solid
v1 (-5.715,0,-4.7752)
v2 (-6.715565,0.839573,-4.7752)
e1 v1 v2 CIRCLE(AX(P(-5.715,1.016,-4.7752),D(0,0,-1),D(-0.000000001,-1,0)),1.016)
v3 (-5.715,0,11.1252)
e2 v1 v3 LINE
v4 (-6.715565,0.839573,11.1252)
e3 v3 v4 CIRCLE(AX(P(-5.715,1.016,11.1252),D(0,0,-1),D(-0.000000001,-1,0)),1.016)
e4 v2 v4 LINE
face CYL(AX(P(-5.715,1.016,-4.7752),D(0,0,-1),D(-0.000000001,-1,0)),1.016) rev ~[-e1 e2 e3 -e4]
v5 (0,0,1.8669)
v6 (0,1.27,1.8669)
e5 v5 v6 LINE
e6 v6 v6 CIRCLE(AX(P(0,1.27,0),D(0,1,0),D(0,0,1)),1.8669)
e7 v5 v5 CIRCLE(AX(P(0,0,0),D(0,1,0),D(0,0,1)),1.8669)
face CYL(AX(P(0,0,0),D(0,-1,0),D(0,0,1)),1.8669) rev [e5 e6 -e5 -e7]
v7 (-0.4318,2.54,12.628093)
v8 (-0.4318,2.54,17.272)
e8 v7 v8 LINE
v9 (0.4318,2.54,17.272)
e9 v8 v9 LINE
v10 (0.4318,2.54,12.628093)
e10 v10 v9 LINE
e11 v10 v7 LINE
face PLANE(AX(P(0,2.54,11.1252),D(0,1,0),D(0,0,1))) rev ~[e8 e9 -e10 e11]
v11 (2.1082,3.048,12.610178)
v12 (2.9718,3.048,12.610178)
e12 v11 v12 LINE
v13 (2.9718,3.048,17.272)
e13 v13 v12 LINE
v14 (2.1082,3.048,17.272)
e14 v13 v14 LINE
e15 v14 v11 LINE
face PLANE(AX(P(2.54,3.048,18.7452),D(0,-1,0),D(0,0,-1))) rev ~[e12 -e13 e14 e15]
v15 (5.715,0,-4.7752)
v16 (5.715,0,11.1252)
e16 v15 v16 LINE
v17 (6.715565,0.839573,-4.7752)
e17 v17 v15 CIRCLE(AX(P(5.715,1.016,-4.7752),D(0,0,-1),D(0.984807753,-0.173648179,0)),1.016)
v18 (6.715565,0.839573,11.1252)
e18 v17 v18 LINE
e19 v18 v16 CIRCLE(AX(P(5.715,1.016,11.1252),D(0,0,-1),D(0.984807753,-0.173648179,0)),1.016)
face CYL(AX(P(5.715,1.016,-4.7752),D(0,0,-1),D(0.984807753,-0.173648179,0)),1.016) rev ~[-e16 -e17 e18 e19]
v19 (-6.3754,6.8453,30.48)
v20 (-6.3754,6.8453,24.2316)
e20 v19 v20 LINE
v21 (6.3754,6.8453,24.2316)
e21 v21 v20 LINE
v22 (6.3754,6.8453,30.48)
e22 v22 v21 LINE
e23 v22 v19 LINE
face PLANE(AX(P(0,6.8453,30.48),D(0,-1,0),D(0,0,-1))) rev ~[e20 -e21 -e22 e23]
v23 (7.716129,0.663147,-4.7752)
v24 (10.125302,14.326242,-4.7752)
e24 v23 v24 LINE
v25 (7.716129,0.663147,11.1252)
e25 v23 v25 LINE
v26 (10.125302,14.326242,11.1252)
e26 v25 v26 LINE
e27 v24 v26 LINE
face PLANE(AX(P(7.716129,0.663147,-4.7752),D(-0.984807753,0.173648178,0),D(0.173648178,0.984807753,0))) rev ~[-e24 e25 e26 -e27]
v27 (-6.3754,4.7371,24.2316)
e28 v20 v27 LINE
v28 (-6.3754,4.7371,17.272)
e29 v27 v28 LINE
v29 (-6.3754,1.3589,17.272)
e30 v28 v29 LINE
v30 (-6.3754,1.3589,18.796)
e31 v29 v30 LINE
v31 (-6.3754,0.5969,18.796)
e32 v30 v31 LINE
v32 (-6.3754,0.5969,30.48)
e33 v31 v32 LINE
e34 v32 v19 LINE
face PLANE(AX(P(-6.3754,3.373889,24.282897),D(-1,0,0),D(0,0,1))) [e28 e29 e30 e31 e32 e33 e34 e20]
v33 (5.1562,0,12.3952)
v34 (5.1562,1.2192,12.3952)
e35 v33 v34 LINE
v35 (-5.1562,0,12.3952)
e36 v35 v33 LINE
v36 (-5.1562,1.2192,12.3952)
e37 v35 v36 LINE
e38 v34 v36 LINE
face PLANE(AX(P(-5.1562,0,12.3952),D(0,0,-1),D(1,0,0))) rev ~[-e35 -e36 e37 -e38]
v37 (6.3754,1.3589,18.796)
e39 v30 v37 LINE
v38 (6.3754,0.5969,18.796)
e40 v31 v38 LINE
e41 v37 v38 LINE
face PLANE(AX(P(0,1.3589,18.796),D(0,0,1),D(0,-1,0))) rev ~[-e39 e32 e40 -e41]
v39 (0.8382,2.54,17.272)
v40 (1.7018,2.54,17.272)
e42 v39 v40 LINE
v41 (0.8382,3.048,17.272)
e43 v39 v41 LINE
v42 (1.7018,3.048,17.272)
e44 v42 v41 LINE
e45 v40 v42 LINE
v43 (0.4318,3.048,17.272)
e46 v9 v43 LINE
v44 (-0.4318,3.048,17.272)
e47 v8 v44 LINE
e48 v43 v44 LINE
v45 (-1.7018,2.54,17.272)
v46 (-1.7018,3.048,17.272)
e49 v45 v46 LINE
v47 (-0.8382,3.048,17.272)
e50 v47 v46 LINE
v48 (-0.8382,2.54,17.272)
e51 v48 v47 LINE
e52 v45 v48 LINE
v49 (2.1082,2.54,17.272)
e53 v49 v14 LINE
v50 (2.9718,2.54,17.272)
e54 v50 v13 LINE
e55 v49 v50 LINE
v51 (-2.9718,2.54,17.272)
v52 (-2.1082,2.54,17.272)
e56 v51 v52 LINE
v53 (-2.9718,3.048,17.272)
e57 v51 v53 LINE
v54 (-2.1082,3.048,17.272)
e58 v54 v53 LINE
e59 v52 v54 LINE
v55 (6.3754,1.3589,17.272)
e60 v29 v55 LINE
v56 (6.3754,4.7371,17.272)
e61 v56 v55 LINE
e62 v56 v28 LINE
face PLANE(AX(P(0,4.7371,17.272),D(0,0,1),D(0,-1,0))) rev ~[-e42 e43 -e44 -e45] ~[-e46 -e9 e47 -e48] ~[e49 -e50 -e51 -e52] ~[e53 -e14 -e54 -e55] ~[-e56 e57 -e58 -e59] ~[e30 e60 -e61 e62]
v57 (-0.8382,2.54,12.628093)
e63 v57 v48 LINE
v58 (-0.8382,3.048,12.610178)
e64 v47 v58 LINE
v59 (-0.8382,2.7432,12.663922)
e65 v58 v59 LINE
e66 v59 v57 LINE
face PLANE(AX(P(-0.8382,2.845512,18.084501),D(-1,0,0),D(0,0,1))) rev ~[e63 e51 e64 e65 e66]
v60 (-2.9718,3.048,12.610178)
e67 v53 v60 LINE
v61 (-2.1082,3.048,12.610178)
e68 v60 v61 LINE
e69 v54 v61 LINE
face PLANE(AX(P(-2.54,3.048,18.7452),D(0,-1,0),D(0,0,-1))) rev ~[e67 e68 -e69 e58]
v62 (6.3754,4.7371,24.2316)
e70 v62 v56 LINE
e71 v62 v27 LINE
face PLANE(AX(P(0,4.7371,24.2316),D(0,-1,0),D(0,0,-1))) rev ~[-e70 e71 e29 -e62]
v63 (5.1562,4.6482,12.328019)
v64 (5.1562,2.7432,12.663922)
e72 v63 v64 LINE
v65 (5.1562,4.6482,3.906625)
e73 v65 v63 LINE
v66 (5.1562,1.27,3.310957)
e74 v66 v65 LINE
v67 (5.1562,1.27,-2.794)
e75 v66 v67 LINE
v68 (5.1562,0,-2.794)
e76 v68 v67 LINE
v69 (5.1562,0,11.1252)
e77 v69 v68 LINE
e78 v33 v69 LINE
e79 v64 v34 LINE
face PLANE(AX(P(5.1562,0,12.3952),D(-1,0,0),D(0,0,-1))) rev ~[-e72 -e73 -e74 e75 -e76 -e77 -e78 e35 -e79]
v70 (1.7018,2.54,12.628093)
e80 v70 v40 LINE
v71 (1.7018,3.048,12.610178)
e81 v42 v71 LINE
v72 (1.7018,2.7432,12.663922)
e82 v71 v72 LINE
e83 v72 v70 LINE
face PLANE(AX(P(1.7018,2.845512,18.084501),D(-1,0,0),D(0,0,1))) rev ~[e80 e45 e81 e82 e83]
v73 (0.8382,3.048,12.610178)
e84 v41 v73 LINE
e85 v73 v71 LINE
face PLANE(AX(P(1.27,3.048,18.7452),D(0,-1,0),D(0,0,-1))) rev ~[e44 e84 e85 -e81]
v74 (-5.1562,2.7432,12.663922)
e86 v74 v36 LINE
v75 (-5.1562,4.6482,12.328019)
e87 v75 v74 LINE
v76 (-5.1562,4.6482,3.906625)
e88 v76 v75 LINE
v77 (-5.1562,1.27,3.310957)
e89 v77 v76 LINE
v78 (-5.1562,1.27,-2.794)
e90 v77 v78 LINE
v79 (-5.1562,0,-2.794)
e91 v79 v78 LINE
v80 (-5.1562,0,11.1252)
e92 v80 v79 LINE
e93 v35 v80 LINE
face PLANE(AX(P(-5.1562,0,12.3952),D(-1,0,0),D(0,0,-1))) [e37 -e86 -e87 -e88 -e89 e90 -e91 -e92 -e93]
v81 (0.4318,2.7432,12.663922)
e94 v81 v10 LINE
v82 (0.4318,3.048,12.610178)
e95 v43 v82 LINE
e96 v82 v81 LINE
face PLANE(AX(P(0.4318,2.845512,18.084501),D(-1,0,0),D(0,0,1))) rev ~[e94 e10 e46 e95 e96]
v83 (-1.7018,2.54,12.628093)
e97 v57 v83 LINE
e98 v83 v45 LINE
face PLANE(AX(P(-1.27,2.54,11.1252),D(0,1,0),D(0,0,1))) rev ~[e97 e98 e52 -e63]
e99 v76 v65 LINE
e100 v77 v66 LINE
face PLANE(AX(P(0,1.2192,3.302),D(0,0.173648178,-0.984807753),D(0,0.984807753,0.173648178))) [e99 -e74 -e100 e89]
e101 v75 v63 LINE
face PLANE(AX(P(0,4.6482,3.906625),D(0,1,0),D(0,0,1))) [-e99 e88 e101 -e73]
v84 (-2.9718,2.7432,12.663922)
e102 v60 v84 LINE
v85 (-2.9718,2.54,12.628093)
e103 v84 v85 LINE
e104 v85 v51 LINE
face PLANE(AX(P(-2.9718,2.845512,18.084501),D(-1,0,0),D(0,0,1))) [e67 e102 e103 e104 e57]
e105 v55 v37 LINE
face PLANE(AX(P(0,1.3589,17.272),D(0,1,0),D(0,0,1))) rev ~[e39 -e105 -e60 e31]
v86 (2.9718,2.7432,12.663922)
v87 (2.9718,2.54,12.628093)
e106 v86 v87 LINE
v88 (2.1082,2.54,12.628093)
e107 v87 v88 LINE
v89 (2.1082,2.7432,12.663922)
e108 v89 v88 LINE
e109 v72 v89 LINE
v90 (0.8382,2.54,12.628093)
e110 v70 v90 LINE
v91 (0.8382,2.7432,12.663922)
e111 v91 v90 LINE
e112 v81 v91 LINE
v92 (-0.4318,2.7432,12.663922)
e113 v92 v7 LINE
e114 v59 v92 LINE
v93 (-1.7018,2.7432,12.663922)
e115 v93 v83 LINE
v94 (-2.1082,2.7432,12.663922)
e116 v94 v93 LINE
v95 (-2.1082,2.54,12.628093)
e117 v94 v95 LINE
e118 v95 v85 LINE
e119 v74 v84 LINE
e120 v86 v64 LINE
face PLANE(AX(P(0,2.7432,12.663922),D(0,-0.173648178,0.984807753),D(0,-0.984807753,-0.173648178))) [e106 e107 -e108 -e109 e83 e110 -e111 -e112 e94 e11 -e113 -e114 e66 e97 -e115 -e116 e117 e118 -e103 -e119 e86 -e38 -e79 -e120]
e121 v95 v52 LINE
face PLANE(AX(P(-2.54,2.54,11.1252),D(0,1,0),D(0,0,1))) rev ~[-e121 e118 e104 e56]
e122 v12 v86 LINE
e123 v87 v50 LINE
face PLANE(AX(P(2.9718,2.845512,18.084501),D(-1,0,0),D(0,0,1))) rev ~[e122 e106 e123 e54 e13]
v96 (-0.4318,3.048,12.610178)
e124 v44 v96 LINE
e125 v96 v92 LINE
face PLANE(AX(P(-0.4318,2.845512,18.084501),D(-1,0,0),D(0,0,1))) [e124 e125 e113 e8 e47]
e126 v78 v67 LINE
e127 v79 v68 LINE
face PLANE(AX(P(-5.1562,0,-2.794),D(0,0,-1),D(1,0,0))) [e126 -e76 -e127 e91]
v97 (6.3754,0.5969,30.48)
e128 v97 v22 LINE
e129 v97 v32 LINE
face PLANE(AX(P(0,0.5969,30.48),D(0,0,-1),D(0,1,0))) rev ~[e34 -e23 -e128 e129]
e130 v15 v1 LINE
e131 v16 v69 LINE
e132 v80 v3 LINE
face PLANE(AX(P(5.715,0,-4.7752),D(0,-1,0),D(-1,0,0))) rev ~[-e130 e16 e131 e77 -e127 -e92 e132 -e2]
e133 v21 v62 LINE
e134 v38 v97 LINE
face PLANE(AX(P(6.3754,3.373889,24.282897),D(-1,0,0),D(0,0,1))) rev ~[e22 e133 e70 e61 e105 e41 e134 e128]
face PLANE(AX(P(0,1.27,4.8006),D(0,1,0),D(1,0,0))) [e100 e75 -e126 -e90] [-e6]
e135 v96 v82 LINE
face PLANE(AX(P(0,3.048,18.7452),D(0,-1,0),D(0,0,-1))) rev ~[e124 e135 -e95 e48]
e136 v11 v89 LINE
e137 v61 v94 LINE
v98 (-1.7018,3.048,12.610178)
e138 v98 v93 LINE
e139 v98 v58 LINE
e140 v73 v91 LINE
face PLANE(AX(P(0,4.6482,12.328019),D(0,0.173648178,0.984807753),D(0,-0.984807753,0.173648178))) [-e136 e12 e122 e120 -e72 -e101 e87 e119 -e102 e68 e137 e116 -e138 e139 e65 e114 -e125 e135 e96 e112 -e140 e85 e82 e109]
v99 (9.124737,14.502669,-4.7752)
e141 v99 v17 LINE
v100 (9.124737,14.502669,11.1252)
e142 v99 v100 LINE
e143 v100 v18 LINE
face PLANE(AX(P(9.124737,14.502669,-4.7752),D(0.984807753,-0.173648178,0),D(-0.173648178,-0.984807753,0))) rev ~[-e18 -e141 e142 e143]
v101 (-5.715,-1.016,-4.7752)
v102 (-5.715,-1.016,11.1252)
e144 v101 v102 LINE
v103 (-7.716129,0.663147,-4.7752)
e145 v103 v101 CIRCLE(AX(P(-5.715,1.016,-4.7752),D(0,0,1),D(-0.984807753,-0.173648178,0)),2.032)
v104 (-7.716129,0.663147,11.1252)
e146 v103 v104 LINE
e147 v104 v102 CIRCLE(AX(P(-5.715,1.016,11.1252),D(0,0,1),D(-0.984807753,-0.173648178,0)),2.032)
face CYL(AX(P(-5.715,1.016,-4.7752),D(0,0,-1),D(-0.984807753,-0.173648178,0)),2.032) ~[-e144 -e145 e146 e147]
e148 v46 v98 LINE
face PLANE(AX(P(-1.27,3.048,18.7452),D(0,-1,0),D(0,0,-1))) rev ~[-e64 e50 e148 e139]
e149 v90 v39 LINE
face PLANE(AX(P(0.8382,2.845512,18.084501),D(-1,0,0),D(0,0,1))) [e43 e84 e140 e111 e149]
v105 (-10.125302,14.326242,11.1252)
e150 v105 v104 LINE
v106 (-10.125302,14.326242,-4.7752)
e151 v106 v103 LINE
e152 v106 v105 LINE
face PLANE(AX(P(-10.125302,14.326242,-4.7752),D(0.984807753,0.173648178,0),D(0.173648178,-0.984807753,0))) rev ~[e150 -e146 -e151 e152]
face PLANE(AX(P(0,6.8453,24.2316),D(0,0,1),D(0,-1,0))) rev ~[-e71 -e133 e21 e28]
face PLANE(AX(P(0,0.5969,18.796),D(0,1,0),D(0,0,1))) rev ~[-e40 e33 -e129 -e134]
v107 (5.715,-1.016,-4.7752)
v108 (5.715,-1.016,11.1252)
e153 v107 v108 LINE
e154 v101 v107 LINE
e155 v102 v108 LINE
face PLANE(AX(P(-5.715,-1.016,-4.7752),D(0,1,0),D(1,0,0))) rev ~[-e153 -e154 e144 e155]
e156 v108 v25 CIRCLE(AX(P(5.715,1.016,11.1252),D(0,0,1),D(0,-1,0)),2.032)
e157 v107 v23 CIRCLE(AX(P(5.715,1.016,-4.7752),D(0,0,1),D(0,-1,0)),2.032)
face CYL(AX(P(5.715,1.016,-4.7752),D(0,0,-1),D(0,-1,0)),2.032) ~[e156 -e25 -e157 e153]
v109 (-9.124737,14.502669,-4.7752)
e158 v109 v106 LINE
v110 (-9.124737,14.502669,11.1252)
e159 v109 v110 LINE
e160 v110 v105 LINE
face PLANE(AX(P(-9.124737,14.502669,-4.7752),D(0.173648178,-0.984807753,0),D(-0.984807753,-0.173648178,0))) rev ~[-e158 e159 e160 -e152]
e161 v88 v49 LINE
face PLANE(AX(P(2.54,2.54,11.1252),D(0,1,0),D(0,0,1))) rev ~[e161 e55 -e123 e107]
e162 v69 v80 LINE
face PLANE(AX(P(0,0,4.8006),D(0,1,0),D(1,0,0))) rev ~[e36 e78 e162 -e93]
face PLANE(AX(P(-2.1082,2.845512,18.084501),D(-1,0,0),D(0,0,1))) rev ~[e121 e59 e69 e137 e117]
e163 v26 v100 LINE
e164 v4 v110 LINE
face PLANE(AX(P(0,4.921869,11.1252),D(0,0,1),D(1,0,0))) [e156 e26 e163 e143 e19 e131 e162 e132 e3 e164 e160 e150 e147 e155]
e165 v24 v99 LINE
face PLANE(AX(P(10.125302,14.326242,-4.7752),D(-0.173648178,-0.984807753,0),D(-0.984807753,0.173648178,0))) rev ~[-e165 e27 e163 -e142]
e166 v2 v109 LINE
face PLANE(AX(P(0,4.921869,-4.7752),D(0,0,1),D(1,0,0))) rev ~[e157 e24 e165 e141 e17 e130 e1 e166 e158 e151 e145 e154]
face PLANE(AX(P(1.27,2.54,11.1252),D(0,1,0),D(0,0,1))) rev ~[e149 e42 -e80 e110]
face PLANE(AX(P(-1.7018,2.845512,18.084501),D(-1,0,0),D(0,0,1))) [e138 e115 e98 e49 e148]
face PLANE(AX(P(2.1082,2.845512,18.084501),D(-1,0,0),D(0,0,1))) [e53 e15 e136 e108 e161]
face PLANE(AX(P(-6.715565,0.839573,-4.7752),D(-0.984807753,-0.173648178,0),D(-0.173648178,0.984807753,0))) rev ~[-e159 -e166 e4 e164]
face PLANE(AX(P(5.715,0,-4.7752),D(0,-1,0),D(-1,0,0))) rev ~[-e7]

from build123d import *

# Parameters (mm, degrees)
SKETCH1_W                       = 10.3124
SKETCH1_H                       = 15.1892
SKETCH1_R                       = 1.8669
BOSS_EXTRUDE1_DEPTH             = 1.27
BOSS_EXTRUDE2_REACH             = 15.485
BOSS_EXTRUDE2_DIRECTION_2_REACH = 15.485
BOSS_EXTRUDE3_DEPTH             = 0.4318
LPATTERN1_COUNT                 = 5
LPATTERN1_PITCH                 = 1.27
BOSS_EXTRUDE4_DEPTH             = 6.3754
BOSS_EXTRUDE5_DEPTH             = 11.1252
BOSS_EXTRUDE5_DEPTH_BACK        = 4.7752


with BuildPart() as part:
    # Sketch1 → Boss-Extrude1 (new body)
    with BuildSketch(Plane(origin=(0, 0, 0), x_dir=(1, 0, 0), z_dir=(0, 1, 0))):
        with Locations((0, -4.8006)):
            Rectangle(SKETCH1_W, SKETCH1_H)
        with Locations(Location((0, 0, 0), (0, 0, 270))):
            Circle(SKETCH1_R, mode=Mode.SUBTRACT)
    extrude(amount=BOSS_EXTRUDE1_DEPTH)

    # Boss-Extrude2: up to this face of the body (flat: up to its plane)
    boss_extrude2_end = Plane(part.part.faces().sort_by_distance((5.1562, 0.635, 4.8006))[0])
    # Sketch2 → Boss-Extrude2 (add, up to the picked face)
    with BuildSketch(Plane(origin=(0, 0, 0), x_dir=(0, 0, -1), z_dir=(1, 0, 0)), mode=Mode.PRIVATE) as boss_extrude2_sk1:
        Polygon((-3.302, 1.2192), (-3.906625217, 4.6482), (-12.32801942, 4.6482), (-12.663922319, 2.7432), (-12.3952, 1.2192), align=None)
    boss_extrude2_tool1 = split(extrude(boss_extrude2_sk1.sketch, amount=BOSS_EXTRUDE2_REACH, mode=Mode.PRIVATE), bisect_by=boss_extrude2_end, keep=Keep.BOTH, mode=Mode.PRIVATE)
    add(boss_extrude2_tool1.solids().sort_by(Axis((0, 2.911082, 8.056355), (1, 0, 0)))[0])

    # Boss-Extrude2 direction 2: up to this face of the body (flat: up to its plane)
    boss_extrude2_direction_2_end = Plane(part.part.faces().sort_by_distance((-5.1562, 0.635, 4.8006))[0])
    # Sketch2 → Boss-Extrude2 direction 2 (add, up to the picked face)
    with BuildSketch(Plane(origin=(0, 0, 0), x_dir=(0, 0, -1), z_dir=(1, 0, 0)), mode=Mode.PRIVATE) as boss_extrude2_direction_2_sk1:
        Polygon((-3.302, 1.2192), (-3.906625217, 4.6482), (-12.32801942, 4.6482), (-12.663922319, 2.7432), (-12.3952, 1.2192), align=None)
    boss_extrude2_direction_2_tool1 = split(extrude(boss_extrude2_direction_2_sk1.sketch, amount=-BOSS_EXTRUDE2_DIRECTION_2_REACH, mode=Mode.PRIVATE), bisect_by=boss_extrude2_direction_2_end, keep=Keep.BOTH, mode=Mode.PRIVATE)
    add(boss_extrude2_direction_2_tool1.solids().sort_by(Axis((0, 2.911082, 8.056355), (-1, 0, 0)))[0])

    # Sketch3 → Boss-Extrude3 (add, symmetric)
    with BuildSketch(Plane(origin=(2.54, 0, 0), x_dir=(0, 0, -1), z_dir=(1, 0, 0))):
        with BuildLine():
            Line((-11.1252, 2.54), (-18.7452, 2.54))
            ThreePointArc((-18.7452, 2.54), (-18.762931645, 2.540154742), (-18.780657889, 2.54061892))
            Line((-18.780657889, 2.54061892), (-25.050636059, 2.759571382))
            Line((-25.050636059, 2.759571382), (-25.032907115, 3.267261922))
            Line((-25.032907115, 3.267261922), (-18.762928944, 3.04830946))
            ThreePointArc((-18.762928944, 3.04830946), (-18.754065822, 3.048077371), (-18.7452, 3.048))
            Line((-18.7452, 3.048), (-11.1252, 3.048))
            Line((-11.1252, 3.048), (-11.1252, 2.54))
        make_face()
    boss_extrude3 = extrude(amount=BOSS_EXTRUDE3_DEPTH, both=True)

    # LPattern1: Boss-Extrude3 ×5
    with Locations(*[(-i * LPATTERN1_PITCH, 0, 0) for i in range(1, LPATTERN1_COUNT)]):
        add(boss_extrude3)

    # Sketch4 → Boss-Extrude4 (add, symmetric)
    with BuildSketch(Plane(origin=(0, 0, 0), x_dir=(0, 0, -1), z_dir=(1, 0, 0))):
        Polygon((-18.796, 0.5969), (-30.48, 0.5969), (-30.48, 6.8453), (-24.2316, 6.8453), (-24.2316, 4.7371), (-17.272, 4.7371), (-17.272, 1.3589), (-18.796, 1.3589), align=None)
    extrude(amount=BOSS_EXTRUDE4_DEPTH, both=True)

    # Sketch5 → Boss-Extrude5 (add, two sides: drawn at the far end of the back side and taken through both)
    with BuildSketch(Plane.XY.offset(-BOSS_EXTRUDE5_DEPTH_BACK)):
        with BuildLine():
            Line((5.715, 0), (-5.715, 0))
            ThreePointArc((-5.715, 0), (-6.368072211, 0.237698846), (-6.715564677, 0.839573451))
            Line((-6.715564677, 0.839573451), (-9.124737032, 14.502668828))
            Line((-9.124737032, 14.502668828), (-10.125301709, 14.326242279))
            Line((-10.125301709, 14.326242279), (-7.716129354, 0.663146903))
            ThreePointArc((-7.716129354, 0.663146903), (-7.021144423, -0.540602308), (-5.715, -1.016))
            Line((-5.715, -1.016), (5.715, -1.016))
            ThreePointArc((5.715, -1.016), (7.021144423, -0.540602308), (7.716129354, 0.663146903))
            Line((7.716129354, 0.663146903), (10.125301709, 14.326242279))
            Line((10.125301709, 14.326242279), (9.124737032, 14.502668828))
            Line((9.124737032, 14.502668828), (6.715564677, 0.839573451))
            ThreePointArc((6.715564677, 0.839573451), (6.368072211, 0.237698846), (5.715, 0))
        make_face()
    extrude(amount=BOSS_EXTRUDE5_DEPTH + BOSS_EXTRUDE5_DEPTH_BACK)


solid = part.part
